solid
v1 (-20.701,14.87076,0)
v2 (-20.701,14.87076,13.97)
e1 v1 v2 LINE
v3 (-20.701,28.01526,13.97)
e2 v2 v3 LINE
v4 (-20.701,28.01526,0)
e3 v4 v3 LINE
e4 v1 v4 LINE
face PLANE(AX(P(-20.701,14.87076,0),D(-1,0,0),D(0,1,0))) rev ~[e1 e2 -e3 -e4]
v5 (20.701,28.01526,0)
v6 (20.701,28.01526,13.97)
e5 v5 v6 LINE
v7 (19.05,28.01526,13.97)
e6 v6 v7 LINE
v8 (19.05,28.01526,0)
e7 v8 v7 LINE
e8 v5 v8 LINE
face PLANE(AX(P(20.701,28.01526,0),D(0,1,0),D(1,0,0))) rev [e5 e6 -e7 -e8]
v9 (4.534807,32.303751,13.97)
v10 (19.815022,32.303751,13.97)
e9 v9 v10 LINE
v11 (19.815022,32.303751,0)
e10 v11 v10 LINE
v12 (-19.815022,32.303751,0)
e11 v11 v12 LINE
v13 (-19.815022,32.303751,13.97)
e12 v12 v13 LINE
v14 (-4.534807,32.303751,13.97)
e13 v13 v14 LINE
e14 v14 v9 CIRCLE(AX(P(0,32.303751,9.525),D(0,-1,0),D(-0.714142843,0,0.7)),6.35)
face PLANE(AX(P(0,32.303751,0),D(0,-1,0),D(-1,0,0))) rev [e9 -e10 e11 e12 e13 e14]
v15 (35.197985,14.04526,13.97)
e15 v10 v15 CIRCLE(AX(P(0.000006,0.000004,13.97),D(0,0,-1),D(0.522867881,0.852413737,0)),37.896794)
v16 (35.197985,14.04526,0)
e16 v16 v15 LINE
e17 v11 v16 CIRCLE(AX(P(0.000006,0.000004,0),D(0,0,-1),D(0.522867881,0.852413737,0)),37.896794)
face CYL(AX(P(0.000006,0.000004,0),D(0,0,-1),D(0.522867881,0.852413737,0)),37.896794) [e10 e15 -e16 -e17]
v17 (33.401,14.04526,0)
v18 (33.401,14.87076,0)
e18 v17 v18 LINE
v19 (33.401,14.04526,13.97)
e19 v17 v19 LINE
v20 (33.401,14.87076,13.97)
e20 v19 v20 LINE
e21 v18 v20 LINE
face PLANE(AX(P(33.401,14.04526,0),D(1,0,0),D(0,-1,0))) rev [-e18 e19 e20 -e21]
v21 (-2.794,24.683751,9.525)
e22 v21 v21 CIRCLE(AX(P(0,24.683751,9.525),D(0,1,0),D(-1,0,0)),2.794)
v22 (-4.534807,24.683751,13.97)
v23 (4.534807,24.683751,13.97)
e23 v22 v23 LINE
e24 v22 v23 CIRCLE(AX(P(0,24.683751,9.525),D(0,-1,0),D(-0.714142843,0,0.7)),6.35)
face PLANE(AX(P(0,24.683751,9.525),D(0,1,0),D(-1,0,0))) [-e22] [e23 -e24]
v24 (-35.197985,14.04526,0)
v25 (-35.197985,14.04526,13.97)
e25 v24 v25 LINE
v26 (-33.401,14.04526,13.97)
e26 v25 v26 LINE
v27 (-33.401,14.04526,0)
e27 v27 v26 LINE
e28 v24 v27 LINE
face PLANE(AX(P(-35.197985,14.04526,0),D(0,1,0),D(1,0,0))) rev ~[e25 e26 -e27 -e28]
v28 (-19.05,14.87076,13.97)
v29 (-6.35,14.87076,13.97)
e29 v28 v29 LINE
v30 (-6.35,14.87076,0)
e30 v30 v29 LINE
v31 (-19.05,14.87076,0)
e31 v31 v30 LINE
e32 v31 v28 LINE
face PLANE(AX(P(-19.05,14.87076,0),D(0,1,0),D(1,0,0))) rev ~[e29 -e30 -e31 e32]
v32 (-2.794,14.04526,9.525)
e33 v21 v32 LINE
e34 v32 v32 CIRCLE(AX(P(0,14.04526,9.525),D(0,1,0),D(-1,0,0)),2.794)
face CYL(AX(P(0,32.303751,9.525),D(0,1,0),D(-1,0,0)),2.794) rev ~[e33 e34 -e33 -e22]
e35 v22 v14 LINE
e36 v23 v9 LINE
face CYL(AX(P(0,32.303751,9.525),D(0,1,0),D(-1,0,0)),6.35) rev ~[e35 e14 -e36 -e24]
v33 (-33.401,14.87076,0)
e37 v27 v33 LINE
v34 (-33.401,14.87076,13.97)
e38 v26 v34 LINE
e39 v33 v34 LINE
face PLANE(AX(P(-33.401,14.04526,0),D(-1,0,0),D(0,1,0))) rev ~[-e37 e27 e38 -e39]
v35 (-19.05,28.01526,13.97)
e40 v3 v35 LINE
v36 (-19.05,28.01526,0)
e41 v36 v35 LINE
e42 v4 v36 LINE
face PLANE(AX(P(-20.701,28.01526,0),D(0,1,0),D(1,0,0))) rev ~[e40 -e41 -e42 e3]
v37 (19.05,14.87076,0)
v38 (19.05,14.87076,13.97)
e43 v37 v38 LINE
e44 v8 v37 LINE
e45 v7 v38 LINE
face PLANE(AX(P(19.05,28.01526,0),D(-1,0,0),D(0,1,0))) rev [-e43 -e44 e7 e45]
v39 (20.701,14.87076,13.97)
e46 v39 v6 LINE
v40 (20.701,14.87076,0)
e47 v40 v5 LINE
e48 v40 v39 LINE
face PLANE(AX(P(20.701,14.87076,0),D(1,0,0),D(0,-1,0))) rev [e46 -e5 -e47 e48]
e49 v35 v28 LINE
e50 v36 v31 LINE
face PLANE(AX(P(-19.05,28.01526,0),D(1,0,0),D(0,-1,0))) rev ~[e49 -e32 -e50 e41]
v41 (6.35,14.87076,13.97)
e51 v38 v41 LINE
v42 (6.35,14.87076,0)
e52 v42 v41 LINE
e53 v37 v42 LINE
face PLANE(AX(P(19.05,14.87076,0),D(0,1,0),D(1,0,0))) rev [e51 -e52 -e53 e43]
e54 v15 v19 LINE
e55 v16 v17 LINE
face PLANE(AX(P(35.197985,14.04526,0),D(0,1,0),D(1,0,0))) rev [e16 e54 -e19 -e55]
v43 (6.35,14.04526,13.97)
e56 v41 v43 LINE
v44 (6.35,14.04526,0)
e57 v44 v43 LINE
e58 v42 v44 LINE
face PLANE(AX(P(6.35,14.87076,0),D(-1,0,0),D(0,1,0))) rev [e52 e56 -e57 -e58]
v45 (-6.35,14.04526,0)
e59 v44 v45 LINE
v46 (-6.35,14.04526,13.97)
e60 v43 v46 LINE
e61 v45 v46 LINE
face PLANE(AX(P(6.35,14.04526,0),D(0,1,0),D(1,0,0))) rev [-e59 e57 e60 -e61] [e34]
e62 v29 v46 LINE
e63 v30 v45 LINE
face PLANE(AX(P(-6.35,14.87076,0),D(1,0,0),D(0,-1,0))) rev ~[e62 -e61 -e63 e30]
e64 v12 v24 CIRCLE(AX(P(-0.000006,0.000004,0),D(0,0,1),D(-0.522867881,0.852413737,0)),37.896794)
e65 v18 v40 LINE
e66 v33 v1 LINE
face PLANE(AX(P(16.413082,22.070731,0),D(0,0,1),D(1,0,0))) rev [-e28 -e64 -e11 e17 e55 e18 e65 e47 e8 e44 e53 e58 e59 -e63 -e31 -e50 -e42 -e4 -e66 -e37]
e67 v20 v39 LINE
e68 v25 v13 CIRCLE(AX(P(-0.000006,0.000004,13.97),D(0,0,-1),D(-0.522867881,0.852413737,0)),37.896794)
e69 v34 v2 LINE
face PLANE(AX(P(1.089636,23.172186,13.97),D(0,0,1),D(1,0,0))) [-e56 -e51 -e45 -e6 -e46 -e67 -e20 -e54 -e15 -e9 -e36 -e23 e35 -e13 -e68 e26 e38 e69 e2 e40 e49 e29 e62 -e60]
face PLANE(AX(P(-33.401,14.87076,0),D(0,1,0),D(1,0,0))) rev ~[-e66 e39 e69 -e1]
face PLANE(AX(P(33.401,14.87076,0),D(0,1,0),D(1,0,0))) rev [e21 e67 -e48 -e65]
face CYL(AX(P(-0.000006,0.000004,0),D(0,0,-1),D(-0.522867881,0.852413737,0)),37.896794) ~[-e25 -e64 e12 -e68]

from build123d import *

# Parameters (mm, degrees)
F1_DEPTH = 19.05
F3_R     = 2.794
F4_DEPTH = 18.258491
F5_R     = 6.35
F6_DEPTH = 7.62
F7_W     = 82.632937
F7_H     = 21.472244
F8_DEPTH = 5.08


with BuildPart() as f1:
    # F0 (on Top) → F1 (new body)
    with BuildSketch(Plane.XY):
        with BuildLine():
            Line((0, 32.303751), (-19.815022, 32.303751))
            ThreePointArc((-19.815022, 32.303751), (-28.981906, 24.417547), (-35.197985, 14.04526))
            Line((-35.197985, 14.04526), (-33.401, 14.04526))
            Line((-33.401, 14.04526), (-33.401, 14.87076))
            Line((-33.401, 14.87076), (-20.701, 14.87076))
            Line((-20.701, 14.87076), (-20.701, 28.01526))
            Line((-20.701, 28.01526), (-19.05, 28.01526))
            Line((-19.05, 28.01526), (-19.05, 14.87076))
            Line((-19.05, 14.87076), (-6.35, 14.87076))
            Line((-6.35, 14.87076), (-6.35, 14.04526))
            Line((-6.35, 14.04526), (0, 14.04526))
            Line((0, 14.04526), (0, 32.303751))
        make_face()
    extrude(amount=F1_DEPTH)

    # F2: F1 across plane


with BuildPart() as f1_1:
    add(f1.part)
    add(f1.part.mirror(Plane.YZ))

    # F3 (on face) → F4 (cut, through all)
    with BuildSketch(Plane(origin=(0, 32.303751, 0), x_dir=(-1, 0, 0), z_dir=(0, 1, 0))):
        with Locations((0, 9.525)):
            Circle(F3_R)
    extrude(amount=-F4_DEPTH, mode=Mode.SUBTRACT)

    # F5 (on face) → F6 (cut)
    with BuildSketch(Plane(origin=(0, 32.303751, 0), x_dir=(-1, 0, 0), z_dir=(0, 1, 0))):
        with Locations((0, 9.525)):
            Circle(F5_R)
    extrude(amount=-F6_DEPTH, mode=Mode.SUBTRACT)

    # F7 (on face) → F8 (cut)
    with BuildSketch(Plane.XY.offset(19.05)):
        with Locations((1.089636, 23.172186)):
            Rectangle(F7_W, F7_H)
    extrude(amount=-F8_DEPTH, mode=Mode.SUBTRACT)


solid = f1_1.part
